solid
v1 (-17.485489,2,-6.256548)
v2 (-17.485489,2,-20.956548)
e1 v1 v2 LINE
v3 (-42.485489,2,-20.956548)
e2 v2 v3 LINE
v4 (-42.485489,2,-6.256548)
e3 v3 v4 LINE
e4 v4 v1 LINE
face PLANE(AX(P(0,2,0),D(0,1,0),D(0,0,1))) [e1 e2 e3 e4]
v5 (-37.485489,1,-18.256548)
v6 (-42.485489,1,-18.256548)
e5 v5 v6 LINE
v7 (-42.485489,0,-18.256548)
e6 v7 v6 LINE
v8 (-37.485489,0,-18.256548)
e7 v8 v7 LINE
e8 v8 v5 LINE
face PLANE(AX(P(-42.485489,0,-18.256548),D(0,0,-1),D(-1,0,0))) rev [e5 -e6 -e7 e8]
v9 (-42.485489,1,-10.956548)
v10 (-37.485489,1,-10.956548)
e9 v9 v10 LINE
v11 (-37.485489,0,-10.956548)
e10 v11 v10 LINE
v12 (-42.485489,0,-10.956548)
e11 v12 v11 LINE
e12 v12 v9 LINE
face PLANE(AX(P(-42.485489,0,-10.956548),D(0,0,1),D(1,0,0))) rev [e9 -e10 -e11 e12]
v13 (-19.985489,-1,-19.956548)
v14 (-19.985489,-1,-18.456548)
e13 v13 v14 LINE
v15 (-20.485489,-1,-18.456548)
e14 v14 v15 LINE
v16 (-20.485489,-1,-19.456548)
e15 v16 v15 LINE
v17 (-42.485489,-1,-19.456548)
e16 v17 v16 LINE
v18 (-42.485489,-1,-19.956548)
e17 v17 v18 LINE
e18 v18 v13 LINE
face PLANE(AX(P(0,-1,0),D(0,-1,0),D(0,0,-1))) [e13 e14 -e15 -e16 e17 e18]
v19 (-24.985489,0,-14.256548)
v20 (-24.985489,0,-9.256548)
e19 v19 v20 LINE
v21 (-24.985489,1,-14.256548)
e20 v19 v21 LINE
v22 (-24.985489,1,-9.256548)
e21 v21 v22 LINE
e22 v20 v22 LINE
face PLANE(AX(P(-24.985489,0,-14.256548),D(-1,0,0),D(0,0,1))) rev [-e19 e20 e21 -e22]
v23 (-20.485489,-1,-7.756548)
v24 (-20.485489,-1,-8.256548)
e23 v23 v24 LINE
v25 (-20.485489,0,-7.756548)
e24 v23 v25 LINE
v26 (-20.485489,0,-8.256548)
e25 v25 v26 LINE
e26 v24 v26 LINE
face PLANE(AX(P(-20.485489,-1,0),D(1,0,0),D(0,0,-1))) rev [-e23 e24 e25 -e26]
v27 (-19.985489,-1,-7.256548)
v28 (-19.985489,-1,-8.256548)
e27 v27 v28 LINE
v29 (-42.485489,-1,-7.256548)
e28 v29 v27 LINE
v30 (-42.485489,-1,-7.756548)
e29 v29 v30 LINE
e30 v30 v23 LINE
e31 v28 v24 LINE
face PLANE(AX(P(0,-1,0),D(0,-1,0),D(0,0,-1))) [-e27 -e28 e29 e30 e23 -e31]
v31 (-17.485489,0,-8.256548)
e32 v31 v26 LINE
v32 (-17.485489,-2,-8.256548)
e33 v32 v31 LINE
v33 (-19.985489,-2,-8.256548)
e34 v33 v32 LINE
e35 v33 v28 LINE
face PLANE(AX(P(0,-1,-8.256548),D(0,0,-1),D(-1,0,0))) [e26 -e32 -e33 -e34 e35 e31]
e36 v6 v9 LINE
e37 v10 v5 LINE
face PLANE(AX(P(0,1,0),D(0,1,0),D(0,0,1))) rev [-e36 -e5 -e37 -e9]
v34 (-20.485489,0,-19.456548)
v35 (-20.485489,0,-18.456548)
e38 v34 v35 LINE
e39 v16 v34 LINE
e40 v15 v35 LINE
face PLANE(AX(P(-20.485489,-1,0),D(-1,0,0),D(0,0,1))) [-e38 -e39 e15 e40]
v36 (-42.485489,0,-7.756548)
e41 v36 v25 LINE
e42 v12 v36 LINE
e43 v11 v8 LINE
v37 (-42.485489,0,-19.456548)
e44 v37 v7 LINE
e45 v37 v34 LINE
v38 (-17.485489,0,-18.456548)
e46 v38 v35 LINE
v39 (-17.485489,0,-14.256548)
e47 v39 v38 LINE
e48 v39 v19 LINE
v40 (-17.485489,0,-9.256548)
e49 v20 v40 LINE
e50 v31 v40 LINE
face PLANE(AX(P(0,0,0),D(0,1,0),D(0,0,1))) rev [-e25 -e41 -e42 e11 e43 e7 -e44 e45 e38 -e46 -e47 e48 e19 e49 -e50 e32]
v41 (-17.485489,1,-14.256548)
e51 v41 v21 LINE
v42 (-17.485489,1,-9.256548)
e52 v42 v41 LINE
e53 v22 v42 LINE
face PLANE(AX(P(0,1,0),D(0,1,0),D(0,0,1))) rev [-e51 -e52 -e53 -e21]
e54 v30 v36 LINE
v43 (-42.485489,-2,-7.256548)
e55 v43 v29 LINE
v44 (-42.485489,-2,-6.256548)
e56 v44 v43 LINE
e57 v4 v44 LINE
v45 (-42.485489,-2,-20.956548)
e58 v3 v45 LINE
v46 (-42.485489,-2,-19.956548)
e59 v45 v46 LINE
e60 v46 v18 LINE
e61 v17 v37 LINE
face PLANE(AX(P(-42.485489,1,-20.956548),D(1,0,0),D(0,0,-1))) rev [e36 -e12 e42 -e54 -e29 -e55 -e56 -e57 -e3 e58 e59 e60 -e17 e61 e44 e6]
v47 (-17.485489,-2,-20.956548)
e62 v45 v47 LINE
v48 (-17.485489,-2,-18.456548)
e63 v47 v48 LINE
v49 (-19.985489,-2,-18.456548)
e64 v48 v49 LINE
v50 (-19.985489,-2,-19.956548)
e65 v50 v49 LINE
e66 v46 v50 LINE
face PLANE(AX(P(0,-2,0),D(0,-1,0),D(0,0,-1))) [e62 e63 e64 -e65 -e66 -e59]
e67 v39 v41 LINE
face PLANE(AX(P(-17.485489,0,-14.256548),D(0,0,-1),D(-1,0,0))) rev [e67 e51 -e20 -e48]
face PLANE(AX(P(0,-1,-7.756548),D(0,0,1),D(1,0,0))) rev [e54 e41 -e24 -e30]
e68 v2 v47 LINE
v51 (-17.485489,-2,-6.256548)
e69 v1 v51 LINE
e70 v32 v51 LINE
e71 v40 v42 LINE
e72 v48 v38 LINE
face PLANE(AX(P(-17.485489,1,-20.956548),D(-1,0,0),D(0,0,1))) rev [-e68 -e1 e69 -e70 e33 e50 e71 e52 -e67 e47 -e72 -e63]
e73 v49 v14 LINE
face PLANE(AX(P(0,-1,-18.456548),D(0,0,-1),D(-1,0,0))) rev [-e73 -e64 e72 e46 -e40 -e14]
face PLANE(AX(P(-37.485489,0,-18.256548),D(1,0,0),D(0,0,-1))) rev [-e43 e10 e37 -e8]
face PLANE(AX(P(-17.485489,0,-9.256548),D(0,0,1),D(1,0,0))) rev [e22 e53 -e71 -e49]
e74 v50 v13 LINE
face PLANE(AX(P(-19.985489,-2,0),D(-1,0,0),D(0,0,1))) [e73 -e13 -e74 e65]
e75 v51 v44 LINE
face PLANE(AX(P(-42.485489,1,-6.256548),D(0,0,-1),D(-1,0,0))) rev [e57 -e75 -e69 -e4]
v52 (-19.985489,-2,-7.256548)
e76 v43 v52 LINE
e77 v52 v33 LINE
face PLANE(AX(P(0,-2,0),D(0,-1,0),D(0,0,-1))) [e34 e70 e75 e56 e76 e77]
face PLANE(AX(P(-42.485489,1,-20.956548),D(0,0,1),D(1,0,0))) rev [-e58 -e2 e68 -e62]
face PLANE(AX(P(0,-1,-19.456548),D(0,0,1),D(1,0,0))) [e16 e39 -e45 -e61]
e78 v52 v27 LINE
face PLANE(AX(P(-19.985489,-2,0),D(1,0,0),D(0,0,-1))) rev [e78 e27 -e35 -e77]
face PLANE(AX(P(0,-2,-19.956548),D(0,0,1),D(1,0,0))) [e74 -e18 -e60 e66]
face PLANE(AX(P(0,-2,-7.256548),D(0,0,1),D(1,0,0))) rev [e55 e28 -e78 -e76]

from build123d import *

# Parameters (mm, degrees)
SKETCH1_W           = 25
SKETCH1_H           = 14.7
BOSS_EXTRUDE1_DEPTH = 1
SKETCH2_W           = 5
SKETCH2_H           = 7.3
CUT_EXTRUDE1_DEPTH  = 1
SKETCH3_W           = 7.5
SKETCH3_H           = 5
CUT_EXTRUDE2_DEPTH  = 1
BOSS_EXTRUDE2_DEPTH = 1
SKETCH9_W           = 25
SKETCH9_H           = 14.7
BOSS_EXTRUDE3_DEPTH = 1
SKETCH11_W          = 22.5
SKETCH11_H          = 1
SKETCH11_W_2        = 2.5
SKETCH11_H_2        = 1.5
BOSS_EXTRUDE5_DEPTH = 1


with BuildPart() as part:
    # Sketch1 → Boss-Extrude1 (new body)
    with BuildSketch(Plane(origin=(0, 0, 0), x_dir=(1, 0, 0), z_dir=(0, 1, 0))):
        with Locations((-29.985488774, 13.606547542)):
            Rectangle(SKETCH1_W, SKETCH1_H)
    extrude(amount=BOSS_EXTRUDE1_DEPTH)

    # Sketch2 → Cut-Extrude1 (cut)
    with BuildSketch(Plane(origin=(0, 1, 0), x_dir=(1, 0, 0), z_dir=(0, 1, 0))):
        with Locations((-39.985488774, 14.606547542)):
            Rectangle(SKETCH2_W, SKETCH2_H)
    extrude(amount=-CUT_EXTRUDE1_DEPTH, mode=Mode.SUBTRACT)

    # Sketch3 → Cut-Extrude2 (cut)
    with BuildSketch(Plane(origin=(0, 1, 0), x_dir=(1, 0, 0), z_dir=(0, 1, 0))):
        with Locations((-21.235488774, 11.756547542)):
            Rectangle(SKETCH3_W, SKETCH3_H)
    extrude(amount=-CUT_EXTRUDE2_DEPTH, mode=Mode.SUBTRACT)

    # Sketch4 → Boss-Extrude2 (add)
    with BuildSketch(Plane.XZ):
        Polygon((-42.485488774, -6.256547542), (-42.485488774, -7.756547542), (-20.485488774, -7.756547542), (-20.485488774, -8.256547542), (-17.485488774, -8.256547542), (-17.485488774, -6.256547542), align=None)
        Polygon((-20.485488774, -19.456547542), (-42.485488774, -19.456547542), (-42.485488774, -20.956547542), (-17.485488774, -20.956547542), (-17.485488774, -18.456547542), (-20.485488774, -18.456547542), align=None)
    extrude(amount=BOSS_EXTRUDE2_DEPTH)

    # Sketch9 → Boss-Extrude3 (add)
    with BuildSketch(Plane(origin=(0, 1, 0), x_dir=(1, 0, 0), z_dir=(0, 1, 0))):
        with Locations((-29.985488774, 13.606547542)):
            Rectangle(SKETCH9_W, SKETCH9_H)
    extrude(amount=BOSS_EXTRUDE3_DEPTH)

    # Sketch11 → Boss-Extrude5 (add)
    with BuildSketch(Plane(origin=(0, -1, 0), x_dir=(-1, 0, 0), z_dir=(0, -1, 0))):
        with Locations((31.235488774, 6.756547542)):
            Rectangle(SKETCH11_W, SKETCH11_H)
        with Locations((18.735488774, 6.756547542)):
            Rectangle(SKETCH11_W_2, SKETCH11_H)
        with Locations((18.735488774, 7.756547542)):
            Rectangle(SKETCH11_W_2, SKETCH11_H)
        with Locations((18.735488774, 19.206547542)):
            Rectangle(SKETCH11_W_2, SKETCH11_H_2)
        with Locations((18.735488774, 20.456547542)):
            Rectangle(SKETCH11_W_2, SKETCH11_H)
        with Locations((31.235488774, 20.456547542)):
            Rectangle(SKETCH11_W, SKETCH11_H)
    extrude(amount=BOSS_EXTRUDE5_DEPTH)


solid = part.part
